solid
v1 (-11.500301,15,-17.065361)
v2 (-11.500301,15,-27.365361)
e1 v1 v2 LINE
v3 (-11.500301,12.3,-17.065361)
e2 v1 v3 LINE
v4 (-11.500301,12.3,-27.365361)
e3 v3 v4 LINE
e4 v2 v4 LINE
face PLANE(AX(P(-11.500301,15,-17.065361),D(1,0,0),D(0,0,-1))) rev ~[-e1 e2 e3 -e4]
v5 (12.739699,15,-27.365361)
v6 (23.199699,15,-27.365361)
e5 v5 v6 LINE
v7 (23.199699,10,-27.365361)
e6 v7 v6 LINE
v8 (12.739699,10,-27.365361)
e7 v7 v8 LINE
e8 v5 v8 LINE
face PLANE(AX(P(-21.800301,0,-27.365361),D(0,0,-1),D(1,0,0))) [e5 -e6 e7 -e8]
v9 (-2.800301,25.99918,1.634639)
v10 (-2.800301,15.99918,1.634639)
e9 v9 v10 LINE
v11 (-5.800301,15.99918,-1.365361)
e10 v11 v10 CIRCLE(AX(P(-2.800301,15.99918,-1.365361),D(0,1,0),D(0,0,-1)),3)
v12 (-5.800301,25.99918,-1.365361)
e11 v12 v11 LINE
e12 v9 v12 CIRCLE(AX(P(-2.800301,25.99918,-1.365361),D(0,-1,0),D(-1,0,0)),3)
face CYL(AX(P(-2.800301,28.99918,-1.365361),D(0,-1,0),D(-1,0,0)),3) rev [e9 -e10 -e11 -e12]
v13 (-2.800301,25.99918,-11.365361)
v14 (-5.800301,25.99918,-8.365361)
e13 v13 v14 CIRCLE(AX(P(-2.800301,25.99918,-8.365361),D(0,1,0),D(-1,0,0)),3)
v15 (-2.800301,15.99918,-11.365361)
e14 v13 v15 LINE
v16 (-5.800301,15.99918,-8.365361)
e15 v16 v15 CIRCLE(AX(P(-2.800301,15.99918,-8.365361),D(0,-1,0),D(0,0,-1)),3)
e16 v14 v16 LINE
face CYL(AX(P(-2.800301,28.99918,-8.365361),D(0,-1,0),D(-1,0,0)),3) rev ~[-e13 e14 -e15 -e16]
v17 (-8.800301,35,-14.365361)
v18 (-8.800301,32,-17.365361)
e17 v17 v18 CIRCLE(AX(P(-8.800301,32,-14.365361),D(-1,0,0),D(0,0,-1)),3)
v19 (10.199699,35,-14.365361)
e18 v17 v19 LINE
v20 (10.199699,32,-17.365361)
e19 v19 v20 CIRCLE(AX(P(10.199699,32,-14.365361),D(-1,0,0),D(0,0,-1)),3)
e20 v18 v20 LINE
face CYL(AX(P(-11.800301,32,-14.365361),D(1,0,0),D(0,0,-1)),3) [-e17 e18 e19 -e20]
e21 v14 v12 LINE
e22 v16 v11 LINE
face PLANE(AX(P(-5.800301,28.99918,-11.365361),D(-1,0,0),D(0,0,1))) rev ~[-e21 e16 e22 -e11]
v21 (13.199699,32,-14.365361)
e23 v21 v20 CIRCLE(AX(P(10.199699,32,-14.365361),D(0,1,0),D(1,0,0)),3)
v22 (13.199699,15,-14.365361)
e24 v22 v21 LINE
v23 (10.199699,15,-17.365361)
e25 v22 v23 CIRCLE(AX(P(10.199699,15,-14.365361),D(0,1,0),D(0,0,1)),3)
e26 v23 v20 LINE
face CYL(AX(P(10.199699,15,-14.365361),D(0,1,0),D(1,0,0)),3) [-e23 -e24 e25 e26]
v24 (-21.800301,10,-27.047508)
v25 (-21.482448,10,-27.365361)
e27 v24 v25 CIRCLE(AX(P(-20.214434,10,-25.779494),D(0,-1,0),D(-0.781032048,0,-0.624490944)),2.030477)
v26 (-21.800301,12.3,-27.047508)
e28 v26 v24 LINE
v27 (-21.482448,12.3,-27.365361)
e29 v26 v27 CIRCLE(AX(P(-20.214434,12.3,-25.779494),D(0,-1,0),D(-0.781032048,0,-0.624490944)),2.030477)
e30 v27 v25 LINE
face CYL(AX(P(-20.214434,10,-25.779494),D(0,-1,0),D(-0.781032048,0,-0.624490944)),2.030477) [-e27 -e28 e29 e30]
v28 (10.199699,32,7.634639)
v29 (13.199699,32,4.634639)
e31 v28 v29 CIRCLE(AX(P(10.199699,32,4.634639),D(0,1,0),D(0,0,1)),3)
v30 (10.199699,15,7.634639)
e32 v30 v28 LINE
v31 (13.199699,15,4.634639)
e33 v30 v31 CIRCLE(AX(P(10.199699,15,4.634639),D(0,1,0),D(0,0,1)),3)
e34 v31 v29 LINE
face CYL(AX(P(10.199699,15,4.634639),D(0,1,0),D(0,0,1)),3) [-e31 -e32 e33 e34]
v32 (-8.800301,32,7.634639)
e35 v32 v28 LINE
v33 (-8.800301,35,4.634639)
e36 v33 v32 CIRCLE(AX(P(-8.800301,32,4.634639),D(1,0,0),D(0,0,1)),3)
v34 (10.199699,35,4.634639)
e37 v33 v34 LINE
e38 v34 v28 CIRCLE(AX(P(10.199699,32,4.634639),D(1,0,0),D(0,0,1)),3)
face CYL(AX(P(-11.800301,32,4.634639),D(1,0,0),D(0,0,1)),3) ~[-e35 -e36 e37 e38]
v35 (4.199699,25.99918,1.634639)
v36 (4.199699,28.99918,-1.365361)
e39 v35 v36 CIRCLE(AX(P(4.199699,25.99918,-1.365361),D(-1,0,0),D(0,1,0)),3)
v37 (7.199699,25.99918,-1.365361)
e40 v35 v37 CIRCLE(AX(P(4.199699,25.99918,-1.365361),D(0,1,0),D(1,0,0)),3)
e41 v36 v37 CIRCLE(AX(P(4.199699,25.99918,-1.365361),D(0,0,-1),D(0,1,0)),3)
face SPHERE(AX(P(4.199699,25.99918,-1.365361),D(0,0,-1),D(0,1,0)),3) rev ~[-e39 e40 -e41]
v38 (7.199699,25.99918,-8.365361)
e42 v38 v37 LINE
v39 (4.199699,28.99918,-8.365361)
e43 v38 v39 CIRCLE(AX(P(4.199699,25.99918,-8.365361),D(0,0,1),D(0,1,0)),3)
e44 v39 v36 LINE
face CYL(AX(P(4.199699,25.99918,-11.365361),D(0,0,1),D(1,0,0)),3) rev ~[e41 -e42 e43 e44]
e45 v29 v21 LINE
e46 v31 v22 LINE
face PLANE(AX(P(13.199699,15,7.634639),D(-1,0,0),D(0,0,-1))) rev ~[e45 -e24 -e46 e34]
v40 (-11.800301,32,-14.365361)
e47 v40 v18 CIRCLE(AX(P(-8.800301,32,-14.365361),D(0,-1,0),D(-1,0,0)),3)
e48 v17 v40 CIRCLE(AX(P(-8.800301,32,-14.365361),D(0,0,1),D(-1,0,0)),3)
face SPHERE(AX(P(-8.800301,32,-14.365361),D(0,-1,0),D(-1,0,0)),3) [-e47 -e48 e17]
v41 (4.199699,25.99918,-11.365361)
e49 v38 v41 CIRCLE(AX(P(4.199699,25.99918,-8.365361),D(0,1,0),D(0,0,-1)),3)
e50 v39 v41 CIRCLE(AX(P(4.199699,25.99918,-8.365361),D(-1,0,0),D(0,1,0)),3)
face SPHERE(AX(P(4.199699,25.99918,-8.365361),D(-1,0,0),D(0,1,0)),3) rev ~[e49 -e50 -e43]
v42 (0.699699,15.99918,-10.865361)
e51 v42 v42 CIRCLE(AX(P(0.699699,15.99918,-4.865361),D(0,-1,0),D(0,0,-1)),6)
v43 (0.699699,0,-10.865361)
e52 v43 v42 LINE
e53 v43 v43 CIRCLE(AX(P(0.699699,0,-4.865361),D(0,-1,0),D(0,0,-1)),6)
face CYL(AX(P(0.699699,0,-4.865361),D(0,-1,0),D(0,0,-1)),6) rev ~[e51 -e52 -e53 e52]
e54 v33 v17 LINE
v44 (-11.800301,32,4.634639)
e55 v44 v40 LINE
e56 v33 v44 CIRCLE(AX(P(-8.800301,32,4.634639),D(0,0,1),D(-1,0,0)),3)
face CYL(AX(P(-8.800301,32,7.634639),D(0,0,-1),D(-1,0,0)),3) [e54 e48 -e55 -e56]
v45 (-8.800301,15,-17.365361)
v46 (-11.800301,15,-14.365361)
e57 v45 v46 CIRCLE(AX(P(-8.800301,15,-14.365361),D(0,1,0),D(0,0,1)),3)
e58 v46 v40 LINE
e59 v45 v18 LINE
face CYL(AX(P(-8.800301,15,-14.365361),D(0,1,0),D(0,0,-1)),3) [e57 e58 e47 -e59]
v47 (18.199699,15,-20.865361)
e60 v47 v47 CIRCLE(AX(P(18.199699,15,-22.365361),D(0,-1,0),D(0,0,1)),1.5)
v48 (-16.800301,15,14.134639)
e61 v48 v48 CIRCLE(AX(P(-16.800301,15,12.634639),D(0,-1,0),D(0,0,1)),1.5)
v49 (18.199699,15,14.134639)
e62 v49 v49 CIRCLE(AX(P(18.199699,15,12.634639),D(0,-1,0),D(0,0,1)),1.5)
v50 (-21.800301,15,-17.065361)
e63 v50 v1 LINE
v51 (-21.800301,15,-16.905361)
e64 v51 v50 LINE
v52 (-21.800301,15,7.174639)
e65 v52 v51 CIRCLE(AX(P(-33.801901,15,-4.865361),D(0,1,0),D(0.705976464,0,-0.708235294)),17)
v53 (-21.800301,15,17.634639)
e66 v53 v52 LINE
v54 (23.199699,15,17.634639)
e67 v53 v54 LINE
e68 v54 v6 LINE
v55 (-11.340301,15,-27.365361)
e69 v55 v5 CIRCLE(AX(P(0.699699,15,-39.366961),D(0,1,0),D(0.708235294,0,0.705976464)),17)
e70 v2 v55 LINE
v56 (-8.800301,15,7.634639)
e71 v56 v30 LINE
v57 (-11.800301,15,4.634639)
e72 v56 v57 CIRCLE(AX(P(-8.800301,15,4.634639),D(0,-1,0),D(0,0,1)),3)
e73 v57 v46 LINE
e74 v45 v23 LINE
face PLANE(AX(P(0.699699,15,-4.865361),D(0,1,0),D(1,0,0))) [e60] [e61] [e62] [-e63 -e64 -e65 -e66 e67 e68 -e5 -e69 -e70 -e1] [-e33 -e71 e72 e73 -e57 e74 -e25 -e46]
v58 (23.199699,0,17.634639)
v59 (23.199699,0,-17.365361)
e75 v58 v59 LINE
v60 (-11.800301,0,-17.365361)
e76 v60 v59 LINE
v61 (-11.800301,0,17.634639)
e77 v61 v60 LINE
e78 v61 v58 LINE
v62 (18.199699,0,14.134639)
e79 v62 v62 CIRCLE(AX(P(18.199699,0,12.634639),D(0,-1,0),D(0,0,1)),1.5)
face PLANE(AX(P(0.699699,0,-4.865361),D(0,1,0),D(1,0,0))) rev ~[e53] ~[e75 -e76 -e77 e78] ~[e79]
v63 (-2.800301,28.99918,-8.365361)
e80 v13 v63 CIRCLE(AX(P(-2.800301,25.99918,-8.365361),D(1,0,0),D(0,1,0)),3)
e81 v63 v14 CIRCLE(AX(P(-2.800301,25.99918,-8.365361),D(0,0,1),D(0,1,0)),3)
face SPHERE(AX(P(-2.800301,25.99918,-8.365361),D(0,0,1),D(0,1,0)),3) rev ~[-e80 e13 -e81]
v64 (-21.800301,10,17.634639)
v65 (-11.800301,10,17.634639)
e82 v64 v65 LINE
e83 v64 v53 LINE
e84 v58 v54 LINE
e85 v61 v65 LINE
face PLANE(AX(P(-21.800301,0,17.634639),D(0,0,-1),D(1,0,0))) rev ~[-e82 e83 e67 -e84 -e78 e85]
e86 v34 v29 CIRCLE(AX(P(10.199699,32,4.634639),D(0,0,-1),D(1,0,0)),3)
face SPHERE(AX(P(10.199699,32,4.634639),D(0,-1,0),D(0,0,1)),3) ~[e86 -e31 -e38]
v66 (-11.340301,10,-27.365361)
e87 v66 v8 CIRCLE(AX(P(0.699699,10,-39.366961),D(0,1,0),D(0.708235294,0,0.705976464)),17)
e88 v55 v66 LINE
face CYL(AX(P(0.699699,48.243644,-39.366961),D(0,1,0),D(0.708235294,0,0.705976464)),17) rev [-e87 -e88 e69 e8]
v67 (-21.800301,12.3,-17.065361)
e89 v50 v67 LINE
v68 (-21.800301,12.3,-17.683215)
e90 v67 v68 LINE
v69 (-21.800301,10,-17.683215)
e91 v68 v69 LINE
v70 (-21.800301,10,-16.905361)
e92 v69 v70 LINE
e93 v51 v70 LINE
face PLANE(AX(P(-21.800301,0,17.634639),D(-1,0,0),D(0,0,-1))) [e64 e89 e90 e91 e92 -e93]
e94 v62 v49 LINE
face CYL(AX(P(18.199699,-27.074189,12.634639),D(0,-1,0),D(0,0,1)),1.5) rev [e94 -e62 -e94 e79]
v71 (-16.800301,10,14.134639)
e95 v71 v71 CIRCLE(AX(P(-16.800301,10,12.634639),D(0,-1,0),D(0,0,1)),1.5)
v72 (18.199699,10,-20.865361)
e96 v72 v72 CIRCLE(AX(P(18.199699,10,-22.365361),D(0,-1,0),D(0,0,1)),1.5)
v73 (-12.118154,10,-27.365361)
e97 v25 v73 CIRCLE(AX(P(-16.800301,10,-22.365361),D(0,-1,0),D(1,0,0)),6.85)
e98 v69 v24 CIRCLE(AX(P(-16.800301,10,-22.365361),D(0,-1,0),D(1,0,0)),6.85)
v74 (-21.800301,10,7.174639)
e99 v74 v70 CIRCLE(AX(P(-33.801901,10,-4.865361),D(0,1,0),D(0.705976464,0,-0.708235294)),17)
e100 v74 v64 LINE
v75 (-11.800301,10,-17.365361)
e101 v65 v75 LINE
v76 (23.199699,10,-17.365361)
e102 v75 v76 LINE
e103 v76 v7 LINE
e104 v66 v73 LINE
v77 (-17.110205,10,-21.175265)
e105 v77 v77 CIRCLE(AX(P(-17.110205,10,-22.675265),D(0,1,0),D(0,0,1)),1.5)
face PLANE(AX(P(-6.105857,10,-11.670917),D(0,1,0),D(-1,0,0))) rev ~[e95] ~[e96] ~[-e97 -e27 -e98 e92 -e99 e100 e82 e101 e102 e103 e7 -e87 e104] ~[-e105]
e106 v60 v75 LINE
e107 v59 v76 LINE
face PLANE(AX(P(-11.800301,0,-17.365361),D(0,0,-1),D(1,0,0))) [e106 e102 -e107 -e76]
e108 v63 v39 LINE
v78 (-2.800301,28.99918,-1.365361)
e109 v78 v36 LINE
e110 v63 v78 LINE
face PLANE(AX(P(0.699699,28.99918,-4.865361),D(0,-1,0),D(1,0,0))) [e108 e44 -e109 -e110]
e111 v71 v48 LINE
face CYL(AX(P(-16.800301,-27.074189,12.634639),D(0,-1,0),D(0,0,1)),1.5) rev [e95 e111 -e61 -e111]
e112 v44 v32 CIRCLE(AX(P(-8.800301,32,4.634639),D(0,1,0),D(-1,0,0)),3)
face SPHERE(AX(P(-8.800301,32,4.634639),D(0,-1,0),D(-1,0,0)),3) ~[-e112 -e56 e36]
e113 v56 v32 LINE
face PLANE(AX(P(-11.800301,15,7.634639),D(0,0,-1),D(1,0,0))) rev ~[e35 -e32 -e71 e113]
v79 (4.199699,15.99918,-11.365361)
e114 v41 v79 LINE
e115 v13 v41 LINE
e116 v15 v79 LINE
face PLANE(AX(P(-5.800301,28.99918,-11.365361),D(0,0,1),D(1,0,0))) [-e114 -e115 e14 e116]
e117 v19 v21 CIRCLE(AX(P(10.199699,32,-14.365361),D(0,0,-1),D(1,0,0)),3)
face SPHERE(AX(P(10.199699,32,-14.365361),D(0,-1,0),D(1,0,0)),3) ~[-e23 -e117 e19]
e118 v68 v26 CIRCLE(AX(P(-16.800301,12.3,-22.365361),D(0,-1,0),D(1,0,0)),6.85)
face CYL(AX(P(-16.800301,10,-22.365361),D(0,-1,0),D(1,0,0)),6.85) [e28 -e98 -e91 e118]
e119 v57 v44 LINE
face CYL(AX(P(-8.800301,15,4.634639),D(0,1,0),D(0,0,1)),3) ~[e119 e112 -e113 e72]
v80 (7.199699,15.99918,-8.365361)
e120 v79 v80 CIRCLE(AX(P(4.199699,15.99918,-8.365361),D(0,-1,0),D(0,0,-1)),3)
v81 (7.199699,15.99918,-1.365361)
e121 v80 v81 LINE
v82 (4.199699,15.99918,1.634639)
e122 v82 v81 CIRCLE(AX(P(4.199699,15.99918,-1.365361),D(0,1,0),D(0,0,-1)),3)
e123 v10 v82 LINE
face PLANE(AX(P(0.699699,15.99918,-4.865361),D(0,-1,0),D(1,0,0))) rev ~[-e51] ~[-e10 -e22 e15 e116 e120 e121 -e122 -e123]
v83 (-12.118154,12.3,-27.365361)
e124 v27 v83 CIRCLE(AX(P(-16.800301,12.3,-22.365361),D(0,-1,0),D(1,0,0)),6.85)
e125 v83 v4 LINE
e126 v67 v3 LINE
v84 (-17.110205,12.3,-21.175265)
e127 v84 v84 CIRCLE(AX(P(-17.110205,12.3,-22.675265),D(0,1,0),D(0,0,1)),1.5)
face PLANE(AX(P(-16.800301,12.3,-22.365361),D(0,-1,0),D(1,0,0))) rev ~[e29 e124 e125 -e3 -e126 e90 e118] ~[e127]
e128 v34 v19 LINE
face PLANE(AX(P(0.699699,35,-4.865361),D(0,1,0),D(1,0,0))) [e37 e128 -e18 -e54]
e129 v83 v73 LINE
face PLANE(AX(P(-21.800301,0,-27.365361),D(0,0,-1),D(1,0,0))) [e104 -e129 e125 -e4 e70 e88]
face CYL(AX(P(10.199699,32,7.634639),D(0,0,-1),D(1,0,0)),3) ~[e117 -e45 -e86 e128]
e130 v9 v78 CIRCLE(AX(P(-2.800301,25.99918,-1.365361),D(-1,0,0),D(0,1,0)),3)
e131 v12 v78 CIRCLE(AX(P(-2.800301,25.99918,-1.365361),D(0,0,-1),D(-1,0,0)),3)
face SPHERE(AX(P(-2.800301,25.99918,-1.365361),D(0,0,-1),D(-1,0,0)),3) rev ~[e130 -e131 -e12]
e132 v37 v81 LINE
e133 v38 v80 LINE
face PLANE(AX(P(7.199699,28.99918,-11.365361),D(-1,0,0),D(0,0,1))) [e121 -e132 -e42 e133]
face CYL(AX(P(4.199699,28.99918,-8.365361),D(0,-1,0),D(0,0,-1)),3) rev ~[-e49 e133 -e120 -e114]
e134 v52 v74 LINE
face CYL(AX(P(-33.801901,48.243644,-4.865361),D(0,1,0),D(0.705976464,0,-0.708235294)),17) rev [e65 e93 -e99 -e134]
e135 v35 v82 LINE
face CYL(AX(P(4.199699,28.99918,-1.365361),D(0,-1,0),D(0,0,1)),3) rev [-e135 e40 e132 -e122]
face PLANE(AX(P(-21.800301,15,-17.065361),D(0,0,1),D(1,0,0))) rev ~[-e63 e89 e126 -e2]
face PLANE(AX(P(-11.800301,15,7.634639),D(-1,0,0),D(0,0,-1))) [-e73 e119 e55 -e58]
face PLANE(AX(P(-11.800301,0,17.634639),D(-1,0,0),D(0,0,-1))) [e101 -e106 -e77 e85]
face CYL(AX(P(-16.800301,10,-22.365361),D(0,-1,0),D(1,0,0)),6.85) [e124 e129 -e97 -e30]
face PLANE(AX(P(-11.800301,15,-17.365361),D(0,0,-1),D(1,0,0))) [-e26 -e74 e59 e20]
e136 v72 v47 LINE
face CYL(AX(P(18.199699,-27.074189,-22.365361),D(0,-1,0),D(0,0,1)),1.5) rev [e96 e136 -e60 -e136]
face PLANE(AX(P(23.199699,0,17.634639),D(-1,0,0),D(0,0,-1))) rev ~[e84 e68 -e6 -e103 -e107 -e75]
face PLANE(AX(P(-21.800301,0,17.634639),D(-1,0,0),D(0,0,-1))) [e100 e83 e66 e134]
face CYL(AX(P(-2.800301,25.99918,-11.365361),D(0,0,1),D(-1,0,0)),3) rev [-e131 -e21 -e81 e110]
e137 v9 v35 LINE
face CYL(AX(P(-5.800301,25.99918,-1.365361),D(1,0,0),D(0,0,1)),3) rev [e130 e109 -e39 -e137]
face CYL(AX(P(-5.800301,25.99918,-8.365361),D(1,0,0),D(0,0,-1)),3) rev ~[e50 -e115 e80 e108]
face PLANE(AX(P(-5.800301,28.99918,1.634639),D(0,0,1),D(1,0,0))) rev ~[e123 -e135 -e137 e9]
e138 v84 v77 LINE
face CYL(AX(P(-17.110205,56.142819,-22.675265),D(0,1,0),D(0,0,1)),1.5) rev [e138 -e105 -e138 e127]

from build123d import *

# Parameters (mm, degrees)
SKETCH1_W               = 45
SKETCH1_H               = 45
BOSS_EXTRUDE1_DEPTH     = 15
CUT_EXTRUDE1_DEPTH      = 10
CUT_EXTRUDE2_DEPTH      = 38.243644172
CUT_EXTRUDE2_DEPTH_BACK = 38.243644172
SKETCH5_W               = 25
SKETCH5_H               = 25
BOSS_EXTRUDE2_DEPTH     = 20
FILLET1_R               = 3
SKETCH6_R               = 6
CUT_EXTRUDE4_DEPTH      = 28.99918
SKETCH7_W               = 13
SKETCH7_H               = 13
CUT_EXTRUDE5_DEPTH      = 13
FILLET2_R               = 3
CUT_EXTRUDE6_DEPTH      = 42.074189356
CUT_EXTRUDE6_DEPTH_BACK = 42.074189356
SKETCH8_R               = 1.5
SKETCH9_W               = 10.3
SKETCH9_H               = 10.3
CUT_EXTRUDE7_DEPTH      = 2.7
SKETCH10_R              = 6.85
BOSS_EXTRUDE3_DEPTH     = 2.3
CUT_EXTRUDE8_DEPTH      = 46.142818825
CUT_EXTRUDE9_DEPTH      = 46.142818825
CUT_EXTRUDE9_DEPTH_BACK = 46.142818825
SKETCH12_R              = 1.5


with BuildPart() as part:
    # Sketch1 → Boss-Extrude1 (new body)
    with BuildSketch(Plane(origin=(0, 0, 0), x_dir=(1, 0, 0), z_dir=(0, 1, 0))):
        with Locations((0.699698795, 4.865361446)):
            Rectangle(SKETCH1_W, SKETCH1_H)
    extrude(amount=BOSS_EXTRUDE1_DEPTH)

    # Sketch2 → Cut-Extrude1 (cut)
    with BuildSketch(Plane.XZ):
        Polygon((-21.800301205, 17.634638554), (-11.800301205, 17.634638554), (-11.800301205, -17.365361446), (23.199698795, -17.365361446), (23.199698795, -27.365361446), (-21.800301205, -27.365361446), align=None)
    extrude(amount=-CUT_EXTRUDE1_DEPTH, mode=Mode.SUBTRACT)

    # Sketch3 → Cut-Extrude2 (cut, two sides: drawn at the far end of the back side and taken through both)
    with BuildSketch(Plane.XZ.offset(-10).offset(-CUT_EXTRUDE2_DEPTH_BACK)):
        with BuildLine():
            Line((-11.340301205, -27.365361446), (12.739698795, -27.365361446))
            ThreePointArc((12.739698795, -27.365361446), (0.699698795, -22.366961339), (-11.340301205, -27.365361446))
        make_face()
        with BuildLine():
            Line((-21.800301205, 7.174638554), (-21.800301205, -16.905361446))
            ThreePointArc((-21.800301205, -16.905361446), (-16.801901098, -4.865361446), (-21.800301205, 7.174638554))
        make_face()
    extrude(amount=CUT_EXTRUDE2_DEPTH + CUT_EXTRUDE2_DEPTH_BACK, mode=Mode.SUBTRACT)

    # Sketch5 → Boss-Extrude2 (add)
    with BuildSketch(Plane(origin=(0, 15, 0), x_dir=(1, 0, 0), z_dir=(0, 1, 0))):
        with Locations((0.699698795, 4.865361446)):
            Rectangle(SKETCH5_W, SKETCH5_H)
    extrude(amount=BOSS_EXTRUDE2_DEPTH)

    # Fillet1
    fillet1_edges = [part.edges().sort_by_distance(p)[0] for p in [
        (-11.800301205, 25, -17.365361446),
        (-11.800301205, 25, 7.634638554),
        (13.199698795, 25, 7.634638554),
        (13.199698795, 25, -17.365361446),
        (-11.800301205, 35, -4.865361446),
        (0.699698795, 35, 7.634638554),
        (13.199698795, 35, -4.865361446),
        (0.699698795, 35, -17.365361446),
    ]]
    fillet(fillet1_edges, radius=FILLET1_R)

    # Sketch6 → Cut-Extrude4 (cut)
    with BuildSketch(Plane(origin=(0, 0, 0), x_dir=(-1, 0, 0), z_dir=(0, -1, 0))):
        with Locations(Location((-0.699698795, 4.865361446, 0), (0, 0, 90))):
            Circle(SKETCH6_R)
    extrude(amount=-CUT_EXTRUDE4_DEPTH, mode=Mode.SUBTRACT)

    # Sketch7 → Cut-Extrude5 (cut)
    with BuildSketch(Plane.XZ.offset(-28.99918)):
        with Locations((0.699698795, -4.865361446)):
            Rectangle(SKETCH7_W, SKETCH7_H)
    extrude(amount=CUT_EXTRUDE5_DEPTH, mode=Mode.SUBTRACT)

    # Fillet2
    fillet2_edges = [part.edges().sort_by_distance(p)[0] for p in [
        (-5.800301205, 28.99918, -4.865361446),
        (-5.800301205, 22.49918, 1.634638554),
        (0.699698795, 28.99918, -11.365361446),
        (-5.800301205, 22.49918, -11.365361446),
        (7.199698795, 28.99918, -4.865361446),
        (7.199698795, 22.49918, -11.365361446),
        (0.699698795, 28.99918, 1.634638554),
        (7.199698795, 22.49918, 1.634638554),
    ]]
    fillet(fillet2_edges, radius=FILLET2_R)

    # Sketch8 → Cut-Extrude6 (cut, two sides: drawn at the far end of the back side and taken through both)
    with BuildSketch(Plane(origin=(0, 15, 0), x_dir=(1, 0, 0), z_dir=(0, 1, 0)).offset(-CUT_EXTRUDE6_DEPTH_BACK)):
        with Locations(Location((-16.800301205, 22.365361446, 0), (0, 0, 270))):
            Circle(SKETCH8_R)
        with Locations(Location((18.199698795, 22.365361446, 0), (0, 0, 270))):
            Circle(SKETCH8_R)
        with Locations(Location((18.199698795, -12.634638554, 0), (0, 0, 270))):
            Circle(SKETCH8_R)
        with Locations(Location((-16.800301205, -12.634638554, 0), (0, 0, 270))):
            Circle(SKETCH8_R)
    extrude(amount=CUT_EXTRUDE6_DEPTH + CUT_EXTRUDE6_DEPTH_BACK, mode=Mode.SUBTRACT)

    # Sketch9 → Cut-Extrude7 (cut)
    with BuildSketch(Plane(origin=(0, 15, 0), x_dir=(1, 0, 0), z_dir=(0, 1, 0))):
        with Locations((-16.650301205, 22.215361446)):
            Rectangle(SKETCH9_W, SKETCH9_H)
    extrude(amount=-CUT_EXTRUDE7_DEPTH, mode=Mode.SUBTRACT)

    # Sketch10 → Boss-Extrude3 (add)
    with BuildSketch(Plane.XZ.offset(-10)):
        with Locations((-16.800301205, -22.365361446)):
            Circle(SKETCH10_R)
    extrude(amount=-BOSS_EXTRUDE3_DEPTH)

    # Sketch11 → Cut-Extrude8 (cut, through all)
    with BuildSketch(Plane.XZ.offset(-10)):
        with BuildLine():
            Line((-21.482448148, -27.365361446), (-21.800301205, -27.365361446))
            Line((-21.800301205, -27.365361446), (-21.800301205, -27.047508389))
            ThreePointArc((-21.800301205, -27.047508389), (-21.650197676, -27.215257917), (-21.482448148, -27.365361446))
        make_face()
    extrude(amount=-CUT_EXTRUDE8_DEPTH, mode=Mode.SUBTRACT)

    # Sketch12 → Cut-Extrude9 (cut, two sides: drawn at the far end of the back side and taken through both)
    with BuildSketch(Plane.XZ.offset(-10).offset(-CUT_EXTRUDE9_DEPTH_BACK)):
        with Locations(Location((-17.110205033, -22.675265274, 0), (0, 0, 90))):
            Circle(SKETCH12_R)
    extrude(amount=CUT_EXTRUDE9_DEPTH + CUT_EXTRUDE9_DEPTH_BACK, mode=Mode.SUBTRACT)


solid = part.part
